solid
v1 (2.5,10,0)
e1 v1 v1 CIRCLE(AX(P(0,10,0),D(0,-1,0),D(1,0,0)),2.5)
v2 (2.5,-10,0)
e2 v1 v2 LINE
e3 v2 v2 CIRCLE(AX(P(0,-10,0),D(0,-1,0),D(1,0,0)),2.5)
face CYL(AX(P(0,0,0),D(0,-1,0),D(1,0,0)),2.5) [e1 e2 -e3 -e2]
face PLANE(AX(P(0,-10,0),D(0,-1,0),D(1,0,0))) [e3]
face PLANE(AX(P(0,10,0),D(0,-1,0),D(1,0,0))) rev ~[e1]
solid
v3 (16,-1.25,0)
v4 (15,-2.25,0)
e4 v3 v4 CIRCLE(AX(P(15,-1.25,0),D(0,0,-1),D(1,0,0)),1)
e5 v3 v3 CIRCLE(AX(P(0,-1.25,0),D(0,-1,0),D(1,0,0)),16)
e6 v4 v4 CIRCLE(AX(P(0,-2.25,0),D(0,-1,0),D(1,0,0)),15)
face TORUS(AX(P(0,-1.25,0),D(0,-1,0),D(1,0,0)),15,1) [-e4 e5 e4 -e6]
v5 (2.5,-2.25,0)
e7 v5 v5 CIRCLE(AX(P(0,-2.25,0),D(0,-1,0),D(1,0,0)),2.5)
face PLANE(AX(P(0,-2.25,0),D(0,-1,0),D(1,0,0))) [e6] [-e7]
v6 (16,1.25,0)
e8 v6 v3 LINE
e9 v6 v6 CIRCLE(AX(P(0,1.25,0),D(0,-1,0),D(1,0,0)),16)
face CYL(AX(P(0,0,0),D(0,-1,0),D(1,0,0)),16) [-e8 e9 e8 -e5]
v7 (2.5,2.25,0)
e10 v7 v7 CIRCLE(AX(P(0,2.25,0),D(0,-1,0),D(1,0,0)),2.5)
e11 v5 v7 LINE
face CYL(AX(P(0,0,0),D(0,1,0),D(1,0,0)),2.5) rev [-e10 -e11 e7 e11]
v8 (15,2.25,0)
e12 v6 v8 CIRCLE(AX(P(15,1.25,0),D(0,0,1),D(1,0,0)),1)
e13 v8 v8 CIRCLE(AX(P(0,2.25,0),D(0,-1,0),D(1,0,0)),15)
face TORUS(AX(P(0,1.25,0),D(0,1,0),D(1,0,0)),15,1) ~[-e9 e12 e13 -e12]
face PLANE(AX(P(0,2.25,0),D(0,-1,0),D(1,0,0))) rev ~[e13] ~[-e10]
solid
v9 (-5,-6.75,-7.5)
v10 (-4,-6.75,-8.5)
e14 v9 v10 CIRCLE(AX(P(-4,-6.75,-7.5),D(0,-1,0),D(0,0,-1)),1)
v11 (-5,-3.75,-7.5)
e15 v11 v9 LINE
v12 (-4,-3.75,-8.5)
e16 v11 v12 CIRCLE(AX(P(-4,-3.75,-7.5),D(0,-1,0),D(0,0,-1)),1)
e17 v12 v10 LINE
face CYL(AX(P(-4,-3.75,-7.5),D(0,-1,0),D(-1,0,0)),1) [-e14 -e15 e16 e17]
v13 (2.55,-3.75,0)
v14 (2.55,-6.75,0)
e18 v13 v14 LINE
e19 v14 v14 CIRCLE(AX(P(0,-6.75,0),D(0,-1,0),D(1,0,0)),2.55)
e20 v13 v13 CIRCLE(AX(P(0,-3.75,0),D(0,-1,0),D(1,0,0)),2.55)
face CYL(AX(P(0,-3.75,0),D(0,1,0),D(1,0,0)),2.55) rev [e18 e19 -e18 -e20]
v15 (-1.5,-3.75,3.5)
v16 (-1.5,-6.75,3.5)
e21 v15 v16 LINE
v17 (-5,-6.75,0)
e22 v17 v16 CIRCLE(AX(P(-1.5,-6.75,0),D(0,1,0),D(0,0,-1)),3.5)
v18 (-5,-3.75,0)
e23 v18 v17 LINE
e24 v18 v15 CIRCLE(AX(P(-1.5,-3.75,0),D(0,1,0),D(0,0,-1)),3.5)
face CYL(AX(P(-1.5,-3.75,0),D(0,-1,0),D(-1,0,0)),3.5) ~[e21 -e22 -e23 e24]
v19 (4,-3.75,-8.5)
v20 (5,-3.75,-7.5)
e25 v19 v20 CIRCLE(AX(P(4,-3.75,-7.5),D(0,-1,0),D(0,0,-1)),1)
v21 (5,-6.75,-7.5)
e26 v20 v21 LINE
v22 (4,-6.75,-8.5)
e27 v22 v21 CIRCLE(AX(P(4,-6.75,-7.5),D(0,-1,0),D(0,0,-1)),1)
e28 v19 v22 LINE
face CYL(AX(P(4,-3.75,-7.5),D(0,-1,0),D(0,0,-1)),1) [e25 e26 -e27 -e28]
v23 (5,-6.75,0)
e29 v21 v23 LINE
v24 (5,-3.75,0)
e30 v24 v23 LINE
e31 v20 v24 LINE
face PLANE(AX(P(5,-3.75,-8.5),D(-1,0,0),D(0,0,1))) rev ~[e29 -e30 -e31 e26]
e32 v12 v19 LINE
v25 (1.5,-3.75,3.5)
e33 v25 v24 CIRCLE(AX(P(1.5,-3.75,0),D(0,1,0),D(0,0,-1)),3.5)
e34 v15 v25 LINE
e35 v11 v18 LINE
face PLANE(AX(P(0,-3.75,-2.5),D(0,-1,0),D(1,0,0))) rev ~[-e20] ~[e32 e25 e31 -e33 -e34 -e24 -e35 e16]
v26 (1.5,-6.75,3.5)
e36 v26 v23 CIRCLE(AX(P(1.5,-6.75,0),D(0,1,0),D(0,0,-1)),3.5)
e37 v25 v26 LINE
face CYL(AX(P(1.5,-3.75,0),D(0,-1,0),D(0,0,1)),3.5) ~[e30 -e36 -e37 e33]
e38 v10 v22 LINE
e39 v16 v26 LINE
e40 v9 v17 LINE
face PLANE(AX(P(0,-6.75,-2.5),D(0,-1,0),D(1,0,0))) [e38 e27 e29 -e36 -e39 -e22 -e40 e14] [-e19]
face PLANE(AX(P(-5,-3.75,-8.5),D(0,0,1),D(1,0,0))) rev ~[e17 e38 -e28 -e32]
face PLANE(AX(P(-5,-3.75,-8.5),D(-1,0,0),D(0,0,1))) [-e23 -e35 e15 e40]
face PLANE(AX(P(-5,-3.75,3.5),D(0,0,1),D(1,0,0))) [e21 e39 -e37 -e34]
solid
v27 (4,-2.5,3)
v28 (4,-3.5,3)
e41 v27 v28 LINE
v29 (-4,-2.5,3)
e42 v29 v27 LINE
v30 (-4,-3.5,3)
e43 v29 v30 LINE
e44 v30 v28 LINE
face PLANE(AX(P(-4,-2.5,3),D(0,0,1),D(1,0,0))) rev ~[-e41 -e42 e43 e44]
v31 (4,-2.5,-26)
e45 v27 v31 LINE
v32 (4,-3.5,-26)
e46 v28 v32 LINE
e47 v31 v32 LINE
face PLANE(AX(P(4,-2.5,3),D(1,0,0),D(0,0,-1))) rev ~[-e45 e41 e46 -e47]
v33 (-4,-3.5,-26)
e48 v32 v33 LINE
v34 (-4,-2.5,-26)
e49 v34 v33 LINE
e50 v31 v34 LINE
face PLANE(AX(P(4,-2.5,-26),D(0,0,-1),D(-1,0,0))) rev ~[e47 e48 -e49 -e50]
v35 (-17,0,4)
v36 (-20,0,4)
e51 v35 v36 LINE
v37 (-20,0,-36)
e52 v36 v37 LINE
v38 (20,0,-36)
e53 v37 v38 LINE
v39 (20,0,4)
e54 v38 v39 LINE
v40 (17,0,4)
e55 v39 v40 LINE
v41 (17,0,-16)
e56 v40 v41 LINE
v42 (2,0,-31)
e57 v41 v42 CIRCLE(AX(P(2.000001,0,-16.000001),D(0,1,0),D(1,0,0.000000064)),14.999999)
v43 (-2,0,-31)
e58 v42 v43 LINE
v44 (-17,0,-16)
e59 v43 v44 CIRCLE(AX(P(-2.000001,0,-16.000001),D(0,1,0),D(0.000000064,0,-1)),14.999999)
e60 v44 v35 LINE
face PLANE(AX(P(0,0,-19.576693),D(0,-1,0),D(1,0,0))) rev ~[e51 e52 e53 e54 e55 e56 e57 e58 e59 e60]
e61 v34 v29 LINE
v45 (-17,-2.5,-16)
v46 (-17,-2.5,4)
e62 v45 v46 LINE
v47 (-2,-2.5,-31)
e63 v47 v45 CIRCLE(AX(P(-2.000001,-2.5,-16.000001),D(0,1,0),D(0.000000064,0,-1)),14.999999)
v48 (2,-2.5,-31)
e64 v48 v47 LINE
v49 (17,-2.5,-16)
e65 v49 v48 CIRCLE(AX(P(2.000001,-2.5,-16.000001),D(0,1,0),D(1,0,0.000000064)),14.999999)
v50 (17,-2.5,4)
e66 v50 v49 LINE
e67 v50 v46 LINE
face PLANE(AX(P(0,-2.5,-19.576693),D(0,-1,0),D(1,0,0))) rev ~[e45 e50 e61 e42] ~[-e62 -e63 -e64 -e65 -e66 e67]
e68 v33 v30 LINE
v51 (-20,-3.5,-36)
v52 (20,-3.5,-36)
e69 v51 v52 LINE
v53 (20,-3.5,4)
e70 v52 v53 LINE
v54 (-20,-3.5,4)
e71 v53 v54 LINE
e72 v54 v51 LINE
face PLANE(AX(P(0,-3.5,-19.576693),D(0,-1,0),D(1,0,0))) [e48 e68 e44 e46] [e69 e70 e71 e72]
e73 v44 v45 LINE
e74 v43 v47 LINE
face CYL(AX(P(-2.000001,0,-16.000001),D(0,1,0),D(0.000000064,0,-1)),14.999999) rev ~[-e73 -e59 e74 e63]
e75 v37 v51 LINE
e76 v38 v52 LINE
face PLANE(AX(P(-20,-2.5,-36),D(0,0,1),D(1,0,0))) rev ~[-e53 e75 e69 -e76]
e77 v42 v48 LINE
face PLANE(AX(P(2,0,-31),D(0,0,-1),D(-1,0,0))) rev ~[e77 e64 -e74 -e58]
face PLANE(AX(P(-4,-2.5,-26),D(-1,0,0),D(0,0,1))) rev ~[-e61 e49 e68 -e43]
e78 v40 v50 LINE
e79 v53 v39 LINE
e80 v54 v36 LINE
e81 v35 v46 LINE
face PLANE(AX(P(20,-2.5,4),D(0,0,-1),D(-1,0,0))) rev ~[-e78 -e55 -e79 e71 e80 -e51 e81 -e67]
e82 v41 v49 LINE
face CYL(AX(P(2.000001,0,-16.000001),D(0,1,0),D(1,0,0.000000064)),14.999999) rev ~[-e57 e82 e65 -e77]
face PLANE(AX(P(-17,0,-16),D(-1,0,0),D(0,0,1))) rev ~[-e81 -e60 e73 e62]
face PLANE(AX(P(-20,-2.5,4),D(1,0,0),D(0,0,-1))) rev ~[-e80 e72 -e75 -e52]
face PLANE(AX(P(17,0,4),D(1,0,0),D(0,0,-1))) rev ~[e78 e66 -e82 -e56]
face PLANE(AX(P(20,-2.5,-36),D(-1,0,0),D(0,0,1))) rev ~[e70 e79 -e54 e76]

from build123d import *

# Parameters (mm, degrees)
F0_R      = 16
F0_R_2    = 2.5
F1_DEPTH  = 2.25
F2_R      = 2.5
F3_DEPTH  = 10
F5_W      = 10
F5_H      = 12
F5_R      = 2.55
F6_DEPTH  = 3
F7_R      = 3.5
F8_R      = 1
F8_2_R    = 1
F10_DEPTH = 2.5
F11_W     = 8
F11_H     = 1
F12_DEPTH = 1


with BuildPart() as f1:
    # F0 (on Front) → F1 (new body, symmetric)
    with BuildSketch(Plane.XZ):
        Circle(F0_R)
        Circle(F0_R_2, mode=Mode.SUBTRACT)
    extrude(amount=F1_DEPTH, both=True)

    # F8
    f8_edges = [f1.edges().sort_by_distance(p)[0] for p in [
        (-16, -2.25, 0),
        (-16, 2.25, 0),
    ]]
    fillet(f8_edges, radius=F8_R)


with BuildPart() as f3:
    # F2 (on Front) → F3 (new body, symmetric)
    with BuildSketch(Plane.XZ):
        Circle(F2_R)
    extrude(amount=F3_DEPTH, both=True)


with BuildPart() as f6:
    # F5 (on offset) → F6 (new body)
    with BuildSketch(Plane.XZ.offset(3.75)):
        with Locations((0, -2.5)):
            Rectangle(F5_W, F5_H)
        Circle(F5_R, mode=Mode.SUBTRACT)
    extrude(amount=F6_DEPTH)

    # F7
    f7_edges = [f6.edges().sort_by_distance(p)[0] for p in [
        (-5, -5.25, 3.5),
        (5, -5.25, 3.5),
    ]]
    fillet(f7_edges, radius=F7_R)

    # F8#2
    f8_2_edges = [f6.edges().sort_by_distance(p)[0] for p in [
        (5, -5.25, -8.5),
        (-5, -5.25, -8.5),
    ]]
    fillet(f8_2_edges, radius=F8_2_R)


with BuildPart() as f10:
    # F9 (on Front) → F10 (new body)
    with BuildSketch(Plane.XZ):
        with BuildLine():
            Line((20, -36), (20, 4))
            Line((20, 4), (17, 4))
            Line((17, 4), (17, -16))
            ThreePointArc((17, -16), (12.606602, -26.606602), (2, -31))
            Line((2, -31), (-2, -31))
            ThreePointArc((-2, -31), (-12.606602, -26.606602), (-17, -16))
            Line((-17, -16), (-17, 4))
            Line((-17, 4), (-20, 4))
            Line((-20, 4), (-20, -36))
            Line((-20, -36), (20, -36))
        make_face()
    extrude(amount=F10_DEPTH)

    # F11 (on face) → F12 (join)
    with BuildSketch(Plane.XZ.offset(2.5)):
        with BuildLine():
            Line((-17, 4), (-20, 4))
            Line((-20, 4), (-20, -36))
            Line((-20, -36), (20, -36))
            Line((20, -36), (20, 4))
            Line((20, 4), (17, 4))
            Line((17, 4), (17, -16))
            ThreePointArc((17, -16), (12.606602, -26.606602), (2, -31))
            Line((2, -31), (-2, -31))
            ThreePointArc((-2, -31), (-12.606602, -26.606602), (-17, -16))
            Line((-17, -16), (-17, 4))
        make_face()
        with BuildLine():
            Line((-4, 4), (-17, 4))
            Line((-17, 4), (-17, -16))
            ThreePointArc((-17, -16), (-12.606602, -26.606602), (-2, -31))
            Line((-2, -31), (2, -31))
            ThreePointArc((2, -31), (12.606602, -26.606602), (17, -16))
            Line((17, -16), (17, 4))
            Line((17, 4), (4, 4))
            Line((4, 4), (4, 3))
            Line((4, 3), (4, -26))
            Line((4, -26), (-4, -26))
            Line((-4, -26), (-4, 3))
            Line((-4, 3), (-4, 4))
        make_face()
        with Locations((0, 3.5)):
            Rectangle(F11_W, F11_H)
    extrude(amount=F12_DEPTH)


solid = Compound([f1.part, f3.part, f6.part, f10.part])
